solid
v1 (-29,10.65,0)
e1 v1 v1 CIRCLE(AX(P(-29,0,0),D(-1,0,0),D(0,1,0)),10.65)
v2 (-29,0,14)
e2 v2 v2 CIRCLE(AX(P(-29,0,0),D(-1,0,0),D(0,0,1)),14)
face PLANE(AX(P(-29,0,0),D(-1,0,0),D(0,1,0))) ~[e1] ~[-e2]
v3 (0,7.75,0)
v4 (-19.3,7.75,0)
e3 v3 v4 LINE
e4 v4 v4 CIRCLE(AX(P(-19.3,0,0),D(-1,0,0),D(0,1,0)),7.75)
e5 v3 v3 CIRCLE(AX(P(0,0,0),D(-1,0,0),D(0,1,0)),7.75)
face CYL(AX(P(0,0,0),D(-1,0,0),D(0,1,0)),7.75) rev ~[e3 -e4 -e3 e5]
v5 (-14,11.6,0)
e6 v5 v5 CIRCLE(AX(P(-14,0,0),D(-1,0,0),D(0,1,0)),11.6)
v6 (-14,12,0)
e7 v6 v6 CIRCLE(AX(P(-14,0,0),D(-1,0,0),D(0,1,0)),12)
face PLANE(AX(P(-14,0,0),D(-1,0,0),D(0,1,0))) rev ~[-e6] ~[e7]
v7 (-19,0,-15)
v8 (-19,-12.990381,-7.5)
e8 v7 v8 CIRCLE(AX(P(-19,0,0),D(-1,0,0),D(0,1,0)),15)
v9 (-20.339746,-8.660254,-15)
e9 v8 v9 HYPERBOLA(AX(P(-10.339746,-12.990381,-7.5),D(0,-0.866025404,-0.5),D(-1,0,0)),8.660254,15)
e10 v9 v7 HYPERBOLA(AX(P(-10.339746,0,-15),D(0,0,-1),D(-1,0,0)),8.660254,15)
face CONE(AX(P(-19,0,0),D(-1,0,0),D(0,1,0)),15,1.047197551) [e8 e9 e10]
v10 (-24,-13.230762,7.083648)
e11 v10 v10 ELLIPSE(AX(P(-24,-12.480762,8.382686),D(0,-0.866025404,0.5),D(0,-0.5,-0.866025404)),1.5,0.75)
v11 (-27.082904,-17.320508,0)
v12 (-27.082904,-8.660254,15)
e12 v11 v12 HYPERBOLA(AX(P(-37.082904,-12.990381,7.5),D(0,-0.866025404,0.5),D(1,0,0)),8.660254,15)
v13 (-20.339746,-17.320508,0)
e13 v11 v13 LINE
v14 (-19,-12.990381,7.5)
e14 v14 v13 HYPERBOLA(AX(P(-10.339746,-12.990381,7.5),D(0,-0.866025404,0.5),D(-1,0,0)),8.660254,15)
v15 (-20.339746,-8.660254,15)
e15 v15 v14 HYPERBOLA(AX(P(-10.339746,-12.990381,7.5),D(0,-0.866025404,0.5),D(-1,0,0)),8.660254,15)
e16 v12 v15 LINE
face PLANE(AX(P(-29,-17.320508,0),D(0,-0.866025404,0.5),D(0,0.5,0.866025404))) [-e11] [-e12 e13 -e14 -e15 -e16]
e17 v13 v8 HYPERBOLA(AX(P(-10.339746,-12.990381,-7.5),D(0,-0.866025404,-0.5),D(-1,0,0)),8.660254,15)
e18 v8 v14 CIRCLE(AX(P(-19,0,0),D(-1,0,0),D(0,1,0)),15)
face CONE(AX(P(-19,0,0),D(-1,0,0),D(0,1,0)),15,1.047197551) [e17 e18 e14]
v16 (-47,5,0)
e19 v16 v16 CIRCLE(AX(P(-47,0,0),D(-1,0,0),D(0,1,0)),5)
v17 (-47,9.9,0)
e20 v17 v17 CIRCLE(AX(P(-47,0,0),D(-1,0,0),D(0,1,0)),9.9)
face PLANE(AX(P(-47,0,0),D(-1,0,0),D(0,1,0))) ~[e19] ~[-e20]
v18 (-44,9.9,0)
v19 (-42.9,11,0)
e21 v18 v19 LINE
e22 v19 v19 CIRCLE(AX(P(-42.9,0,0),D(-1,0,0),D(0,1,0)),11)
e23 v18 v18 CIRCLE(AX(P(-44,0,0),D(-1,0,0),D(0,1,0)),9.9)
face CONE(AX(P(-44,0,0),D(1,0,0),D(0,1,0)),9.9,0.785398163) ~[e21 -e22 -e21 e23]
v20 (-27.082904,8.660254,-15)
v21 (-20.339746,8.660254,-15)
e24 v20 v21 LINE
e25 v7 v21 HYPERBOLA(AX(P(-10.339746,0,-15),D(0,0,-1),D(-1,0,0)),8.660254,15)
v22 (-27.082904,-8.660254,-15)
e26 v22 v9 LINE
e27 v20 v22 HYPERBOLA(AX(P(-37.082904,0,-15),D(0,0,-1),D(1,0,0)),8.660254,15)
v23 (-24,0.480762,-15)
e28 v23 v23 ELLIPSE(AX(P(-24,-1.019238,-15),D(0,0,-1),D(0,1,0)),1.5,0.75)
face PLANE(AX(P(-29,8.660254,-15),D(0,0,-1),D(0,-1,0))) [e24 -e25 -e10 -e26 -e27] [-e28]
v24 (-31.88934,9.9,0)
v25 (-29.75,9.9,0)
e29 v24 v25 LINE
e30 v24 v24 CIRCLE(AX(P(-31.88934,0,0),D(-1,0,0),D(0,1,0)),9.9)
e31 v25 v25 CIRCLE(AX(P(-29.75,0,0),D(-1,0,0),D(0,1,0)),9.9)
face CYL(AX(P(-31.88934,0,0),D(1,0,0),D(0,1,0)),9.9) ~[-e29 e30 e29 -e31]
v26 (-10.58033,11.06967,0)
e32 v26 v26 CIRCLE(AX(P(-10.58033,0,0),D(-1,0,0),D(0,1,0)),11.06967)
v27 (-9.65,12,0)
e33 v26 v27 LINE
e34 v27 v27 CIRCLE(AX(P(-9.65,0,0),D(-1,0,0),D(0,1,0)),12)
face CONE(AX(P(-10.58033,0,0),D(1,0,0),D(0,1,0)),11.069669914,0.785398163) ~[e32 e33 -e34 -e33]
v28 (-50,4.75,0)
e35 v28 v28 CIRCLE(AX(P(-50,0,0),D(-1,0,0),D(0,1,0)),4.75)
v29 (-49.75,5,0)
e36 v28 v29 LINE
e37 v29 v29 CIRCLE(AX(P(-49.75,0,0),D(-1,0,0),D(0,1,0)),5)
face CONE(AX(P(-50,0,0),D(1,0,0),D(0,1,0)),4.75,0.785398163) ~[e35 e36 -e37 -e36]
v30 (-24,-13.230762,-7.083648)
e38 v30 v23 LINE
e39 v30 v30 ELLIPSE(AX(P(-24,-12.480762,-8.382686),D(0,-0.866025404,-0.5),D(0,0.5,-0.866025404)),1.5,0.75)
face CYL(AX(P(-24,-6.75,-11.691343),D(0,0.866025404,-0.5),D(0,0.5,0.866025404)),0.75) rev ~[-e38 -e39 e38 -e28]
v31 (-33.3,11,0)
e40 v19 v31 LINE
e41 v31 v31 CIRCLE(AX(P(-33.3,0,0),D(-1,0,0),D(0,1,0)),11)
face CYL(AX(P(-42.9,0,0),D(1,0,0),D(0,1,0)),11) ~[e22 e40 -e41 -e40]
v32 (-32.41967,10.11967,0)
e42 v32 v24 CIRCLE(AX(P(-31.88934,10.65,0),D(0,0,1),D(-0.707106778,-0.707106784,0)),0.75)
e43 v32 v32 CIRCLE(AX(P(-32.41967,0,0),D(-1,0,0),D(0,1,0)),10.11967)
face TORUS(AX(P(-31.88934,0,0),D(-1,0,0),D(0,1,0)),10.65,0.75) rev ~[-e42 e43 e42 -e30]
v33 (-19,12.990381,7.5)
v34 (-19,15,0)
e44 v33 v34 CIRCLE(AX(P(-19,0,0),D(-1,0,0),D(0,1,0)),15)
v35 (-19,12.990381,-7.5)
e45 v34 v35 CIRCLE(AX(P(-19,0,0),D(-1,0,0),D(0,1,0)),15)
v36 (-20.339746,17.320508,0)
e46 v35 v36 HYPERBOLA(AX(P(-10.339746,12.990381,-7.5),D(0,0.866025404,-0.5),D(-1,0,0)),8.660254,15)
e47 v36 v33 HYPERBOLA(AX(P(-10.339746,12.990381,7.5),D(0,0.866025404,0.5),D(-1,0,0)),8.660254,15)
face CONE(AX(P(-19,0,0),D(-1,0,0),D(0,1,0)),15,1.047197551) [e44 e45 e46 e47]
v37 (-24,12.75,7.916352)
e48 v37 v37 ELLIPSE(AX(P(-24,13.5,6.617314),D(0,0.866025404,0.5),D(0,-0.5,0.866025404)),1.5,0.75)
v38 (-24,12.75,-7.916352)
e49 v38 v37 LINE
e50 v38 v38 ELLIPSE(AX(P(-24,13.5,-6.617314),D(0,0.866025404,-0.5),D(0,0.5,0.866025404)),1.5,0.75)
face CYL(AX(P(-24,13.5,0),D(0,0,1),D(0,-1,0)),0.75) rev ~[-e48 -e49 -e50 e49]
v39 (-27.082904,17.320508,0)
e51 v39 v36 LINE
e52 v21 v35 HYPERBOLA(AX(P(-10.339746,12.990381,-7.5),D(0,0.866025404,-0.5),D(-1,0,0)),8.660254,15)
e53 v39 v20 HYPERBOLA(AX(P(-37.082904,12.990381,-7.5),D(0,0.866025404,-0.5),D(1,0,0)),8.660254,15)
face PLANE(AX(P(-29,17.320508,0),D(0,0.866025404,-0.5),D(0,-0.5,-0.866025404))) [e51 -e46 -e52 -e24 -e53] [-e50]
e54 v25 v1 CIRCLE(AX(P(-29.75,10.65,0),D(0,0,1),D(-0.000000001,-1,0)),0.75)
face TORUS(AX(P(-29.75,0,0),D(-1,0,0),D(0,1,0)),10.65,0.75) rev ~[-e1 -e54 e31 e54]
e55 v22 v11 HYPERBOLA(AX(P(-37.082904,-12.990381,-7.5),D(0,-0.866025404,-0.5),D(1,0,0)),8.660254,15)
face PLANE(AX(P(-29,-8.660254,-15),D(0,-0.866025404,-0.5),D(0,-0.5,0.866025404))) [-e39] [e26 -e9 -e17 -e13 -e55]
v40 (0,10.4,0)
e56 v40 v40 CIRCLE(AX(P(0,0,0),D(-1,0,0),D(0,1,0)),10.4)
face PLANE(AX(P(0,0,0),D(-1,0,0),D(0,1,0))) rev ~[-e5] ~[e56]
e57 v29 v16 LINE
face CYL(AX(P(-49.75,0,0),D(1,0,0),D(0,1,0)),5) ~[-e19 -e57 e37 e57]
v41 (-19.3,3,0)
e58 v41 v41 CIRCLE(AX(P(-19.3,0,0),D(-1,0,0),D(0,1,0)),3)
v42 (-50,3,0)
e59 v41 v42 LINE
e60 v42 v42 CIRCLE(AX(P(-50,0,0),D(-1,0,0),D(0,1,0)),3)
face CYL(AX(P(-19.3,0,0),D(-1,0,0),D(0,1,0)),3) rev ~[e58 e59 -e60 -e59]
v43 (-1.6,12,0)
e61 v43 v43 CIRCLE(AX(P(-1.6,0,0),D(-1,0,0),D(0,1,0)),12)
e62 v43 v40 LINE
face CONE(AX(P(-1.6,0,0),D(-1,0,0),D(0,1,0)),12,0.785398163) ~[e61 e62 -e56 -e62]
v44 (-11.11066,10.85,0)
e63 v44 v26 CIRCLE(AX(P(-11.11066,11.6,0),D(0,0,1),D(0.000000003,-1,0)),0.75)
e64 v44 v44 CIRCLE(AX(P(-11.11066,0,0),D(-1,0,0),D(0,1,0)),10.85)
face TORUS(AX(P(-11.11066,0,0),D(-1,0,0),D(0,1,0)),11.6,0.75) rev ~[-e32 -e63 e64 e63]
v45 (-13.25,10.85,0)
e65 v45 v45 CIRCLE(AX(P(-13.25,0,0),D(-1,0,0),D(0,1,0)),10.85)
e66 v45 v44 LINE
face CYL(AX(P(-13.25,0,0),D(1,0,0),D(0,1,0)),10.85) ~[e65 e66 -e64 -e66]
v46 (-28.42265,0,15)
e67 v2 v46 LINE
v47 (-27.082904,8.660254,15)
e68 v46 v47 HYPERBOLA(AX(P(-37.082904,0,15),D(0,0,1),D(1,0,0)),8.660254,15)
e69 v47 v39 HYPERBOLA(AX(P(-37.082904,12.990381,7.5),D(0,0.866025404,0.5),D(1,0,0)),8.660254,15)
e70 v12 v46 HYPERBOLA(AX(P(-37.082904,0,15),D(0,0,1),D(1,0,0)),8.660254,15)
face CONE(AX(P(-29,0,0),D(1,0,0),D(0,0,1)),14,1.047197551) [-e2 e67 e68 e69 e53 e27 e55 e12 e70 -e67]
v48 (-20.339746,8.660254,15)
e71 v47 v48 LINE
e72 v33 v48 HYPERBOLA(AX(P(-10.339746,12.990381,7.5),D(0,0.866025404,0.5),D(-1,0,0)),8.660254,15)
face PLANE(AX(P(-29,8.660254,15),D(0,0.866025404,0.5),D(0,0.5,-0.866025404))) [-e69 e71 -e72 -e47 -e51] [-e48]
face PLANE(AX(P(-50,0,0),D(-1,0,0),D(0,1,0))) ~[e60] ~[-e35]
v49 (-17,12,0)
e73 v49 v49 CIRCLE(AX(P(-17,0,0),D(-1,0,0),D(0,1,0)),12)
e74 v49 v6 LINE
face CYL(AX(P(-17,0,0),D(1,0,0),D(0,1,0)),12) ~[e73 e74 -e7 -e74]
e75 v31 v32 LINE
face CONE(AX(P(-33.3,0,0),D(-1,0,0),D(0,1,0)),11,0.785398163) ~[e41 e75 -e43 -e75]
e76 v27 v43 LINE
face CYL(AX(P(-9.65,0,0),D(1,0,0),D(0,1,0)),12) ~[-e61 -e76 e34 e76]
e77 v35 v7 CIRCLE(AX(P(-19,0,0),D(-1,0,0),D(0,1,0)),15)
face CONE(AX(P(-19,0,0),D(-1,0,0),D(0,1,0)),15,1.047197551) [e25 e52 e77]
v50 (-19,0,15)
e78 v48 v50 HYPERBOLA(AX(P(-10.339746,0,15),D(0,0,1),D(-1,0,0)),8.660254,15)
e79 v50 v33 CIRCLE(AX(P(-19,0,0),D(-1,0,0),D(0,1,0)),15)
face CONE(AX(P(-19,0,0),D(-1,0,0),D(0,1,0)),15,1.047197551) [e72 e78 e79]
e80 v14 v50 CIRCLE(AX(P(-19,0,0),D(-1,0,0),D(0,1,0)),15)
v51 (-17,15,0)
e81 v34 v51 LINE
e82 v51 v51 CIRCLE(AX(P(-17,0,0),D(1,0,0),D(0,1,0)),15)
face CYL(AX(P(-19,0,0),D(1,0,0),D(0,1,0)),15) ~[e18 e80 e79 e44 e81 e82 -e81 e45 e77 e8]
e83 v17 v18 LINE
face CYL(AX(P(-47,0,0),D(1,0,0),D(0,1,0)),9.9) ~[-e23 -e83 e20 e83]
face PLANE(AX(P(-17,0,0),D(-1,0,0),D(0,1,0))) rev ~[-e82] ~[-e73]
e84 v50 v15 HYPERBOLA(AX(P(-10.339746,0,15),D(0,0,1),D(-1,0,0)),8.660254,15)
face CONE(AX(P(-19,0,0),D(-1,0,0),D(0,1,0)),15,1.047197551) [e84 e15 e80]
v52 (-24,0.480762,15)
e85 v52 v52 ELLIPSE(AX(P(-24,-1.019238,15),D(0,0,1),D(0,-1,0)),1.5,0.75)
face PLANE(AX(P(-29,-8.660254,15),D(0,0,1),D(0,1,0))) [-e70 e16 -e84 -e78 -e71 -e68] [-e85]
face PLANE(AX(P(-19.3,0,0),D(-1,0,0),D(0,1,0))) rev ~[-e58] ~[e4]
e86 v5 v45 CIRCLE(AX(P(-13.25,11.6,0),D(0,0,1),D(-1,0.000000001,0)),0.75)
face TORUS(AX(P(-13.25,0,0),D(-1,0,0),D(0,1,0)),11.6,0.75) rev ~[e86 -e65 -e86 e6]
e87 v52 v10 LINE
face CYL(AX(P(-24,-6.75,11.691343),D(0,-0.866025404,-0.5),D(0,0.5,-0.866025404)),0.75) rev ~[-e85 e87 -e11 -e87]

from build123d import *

# Parameters (mm, degrees)
SKETCH_2_OUTSIDE_W       = 57.1
SKETCH_2_OUTSIDE_H       = 57.1
CUT_EXTRUDE_1_DEPTH      = 41.509258201
SKETCH_3_OUTSIDE_W       = 182.566
SKETCH_3_OUTSIDE_H       = 187.208
SKETCH_3_OUTSIDE_R       = 15
CUT_EXTRUDE_2_DEPTH      = 39.548670535
CUT_EXTRUDE_2_DRAFT      = -60
SKETCH_4_OUTSIDE_W       = 177.06
SKETCH_4_OUTSIDE_H       = 181.702
SKETCH_4_OUTSIDE_R       = 14
CUT_EXTRUDE_3_DEPTH      = 37.959437225
CUT_EXTRUDE_3_DRAFT      = -60
SKETCH_5_R               = 0.75
CUT_EXTRUDE_4_DEPTH      = 56
PATTERN_CIRCULAR_1_COUNT = 3


with BuildPart() as part:
    # Эскиз1 → Повернуть1 (revolve)
    with BuildSketch(Plane.XY):
        with BuildLine():
            Line((0, 7.75), (-19.3, 7.75))
            Line((-19.3, 7.75), (-19.3, 3))
            Line((-19.3, 3), (-50, 3))
            Line((-50, 3), (-50, 4.75))
            Line((-50, 4.75), (-49.75, 5))
            Line((-49.75, 5), (-47, 5))
            Line((-47, 5), (-47, 9.9))
            Line((-47, 9.9), (-44, 9.9))
            Line((-44, 9.9), (-42.9, 11))
            Line((-42.9, 11), (-33.3, 11))
            Line((-33.3, 11), (-32.419669914, 10.119669914))
            ThreePointArc((-32.419669914, 10.119669914), (-32.176352402, 9.957090351), (-31.889339828, 9.9))
            Line((-31.889339828, 9.9), (-29.75, 9.9))
            ThreePointArc((-29.75, 9.9), (-29.219669914, 10.119669914), (-29, 10.65))
            Line((-29, 10.65), (-29, 20))
            Line((-29, 20), (-19, 20))
            Line((-19, 20), (-19, 15))
            Line((-19, 15), (-17, 15))
            Line((-17, 15), (-17, 12))
            Line((-17, 12), (-14, 12))
            Line((-14, 12), (-14, 11.6))
            ThreePointArc((-14, 11.6), (-13.780330086, 11.069669914), (-13.25, 10.85))
            Line((-13.25, 10.85), (-11.110660172, 10.85))
            ThreePointArc((-11.110660172, 10.85), (-10.823647598, 10.907090351), (-10.580330086, 11.069669914))
            Line((-10.580330086, 11.069669914), (-9.65, 12))
            Line((-9.65, 12), (-1.6, 12))
            Line((-1.6, 12), (0, 10.4))
            Line((0, 10.4), (0, 7.75))
        make_face()
    revolve(axis=Axis((0, 0, 0), (-1, 0, 0)))

    # Эскиз2 outside → Вырез-Вытянуть1 (cut, through all)
    with BuildSketch(Plane.ZY.offset(29)):
        Rectangle(SKETCH_2_OUTSIDE_W, SKETCH_2_OUTSIDE_H)
        Polygon((0, 17.320508076), (-15, 8.660254038), (-15, -8.660254038), (0, -17.320508076), (15, -8.660254038), (15, 8.660254038), align=None, mode=Mode.SUBTRACT)
    extrude(amount=-CUT_EXTRUDE_1_DEPTH, mode=Mode.SUBTRACT)


with BuildPart() as cut_extrude_2_tool:
    # Эскиз3 outside → Вырез-Вытянуть2 (with draft: the straight prism first)
    with BuildSketch(Plane(origin=(-19, 0, 0), x_dir=(0, 0, -1), z_dir=(1, 0, 0))):
        Rectangle(SKETCH_3_OUTSIDE_W, SKETCH_3_OUTSIDE_H)
        with Locations(Location((0, 0, 0), (0, 0, 90))):
            Circle(SKETCH_3_OUTSIDE_R, mode=Mode.SUBTRACT)
    extrude(amount=-CUT_EXTRUDE_2_DEPTH)
    # Вырез-Вытянуть2: the draft: its side faces are tilted about the plane it starts from
    cut_extrude_2_sides = [cut_extrude_2_tool.faces().sort_by_distance(p)[0] for p in [
        (-38.774335267, -93.604, 0),
        (-38.774335267, 0, -91.283),
        (-38.774335267, 93.604, 0),
        (-38.774335267, 0, 91.283),
        (-38.774335267, -15, 0),
    ]]
    draft(cut_extrude_2_sides, Plane(origin=(-19, 0, 0), x_dir=(0, 0, -1), z_dir=(1, 0, 0)), CUT_EXTRUDE_2_DRAFT)


with BuildPart() as part_1:
    add(part.part)

    # Вырез-Вытянуть2: cut by cut_extrude_2_tool
    add(cut_extrude_2_tool.part, mode=Mode.SUBTRACT)


with BuildPart() as cut_extrude_3_tool:
    # Эскиз4 outside → Вырез-Вытянуть3 (with draft: the straight prism first)
    with BuildSketch(Plane.ZY.offset(29)):
        Rectangle(SKETCH_4_OUTSIDE_W, SKETCH_4_OUTSIDE_H)
        Circle(SKETCH_4_OUTSIDE_R, mode=Mode.SUBTRACT)
    extrude(amount=-CUT_EXTRUDE_3_DEPTH)
    # Вырез-Вытянуть3: the draft: its side faces are tilted about the plane it starts from
    cut_extrude_3_sides = [cut_extrude_3_tool.faces().sort_by_distance(p)[0] for p in [
        (-10.020281387, -90.851, 0),
        (-10.020281387, 0, 88.53),
        (-10.020281387, 90.851, 0),
        (-10.020281387, 0, -88.53),
        (-10.020281387, 0, -14),
    ]]
    draft(cut_extrude_3_sides, Plane.ZY.offset(29), CUT_EXTRUDE_3_DRAFT)


with BuildPart() as part_2:
    add(part_1.part)

    # Вырез-Вытянуть3: cut by cut_extrude_3_tool
    add(cut_extrude_3_tool.part, mode=Mode.SUBTRACT)

    # Эскиз5 → Вырез-Вытянуть4 (cut, symmetric)
    with BuildSketch(Plane.XY):
        with Locations(Location((-24, 13.5, 0), (0, 0, 270))):
            Circle(SKETCH_5_R)
    cut_extrude_4 = extrude(amount=CUT_EXTRUDE_4_DEPTH, both=True, mode=Mode.SUBTRACT)

    # Круговой массив1: Вырез-Вытянуть4 ×3 about axis
    pattern_circular_1_axis = Axis((0, 0, 0), (1, 0, 0))
    for i in range(1, PATTERN_CIRCULAR_1_COUNT):
        add(cut_extrude_4.rotate(pattern_circular_1_axis, i * 360 / PATTERN_CIRCULAR_1_COUNT), mode=Mode.SUBTRACT)


solid = part_2.part
